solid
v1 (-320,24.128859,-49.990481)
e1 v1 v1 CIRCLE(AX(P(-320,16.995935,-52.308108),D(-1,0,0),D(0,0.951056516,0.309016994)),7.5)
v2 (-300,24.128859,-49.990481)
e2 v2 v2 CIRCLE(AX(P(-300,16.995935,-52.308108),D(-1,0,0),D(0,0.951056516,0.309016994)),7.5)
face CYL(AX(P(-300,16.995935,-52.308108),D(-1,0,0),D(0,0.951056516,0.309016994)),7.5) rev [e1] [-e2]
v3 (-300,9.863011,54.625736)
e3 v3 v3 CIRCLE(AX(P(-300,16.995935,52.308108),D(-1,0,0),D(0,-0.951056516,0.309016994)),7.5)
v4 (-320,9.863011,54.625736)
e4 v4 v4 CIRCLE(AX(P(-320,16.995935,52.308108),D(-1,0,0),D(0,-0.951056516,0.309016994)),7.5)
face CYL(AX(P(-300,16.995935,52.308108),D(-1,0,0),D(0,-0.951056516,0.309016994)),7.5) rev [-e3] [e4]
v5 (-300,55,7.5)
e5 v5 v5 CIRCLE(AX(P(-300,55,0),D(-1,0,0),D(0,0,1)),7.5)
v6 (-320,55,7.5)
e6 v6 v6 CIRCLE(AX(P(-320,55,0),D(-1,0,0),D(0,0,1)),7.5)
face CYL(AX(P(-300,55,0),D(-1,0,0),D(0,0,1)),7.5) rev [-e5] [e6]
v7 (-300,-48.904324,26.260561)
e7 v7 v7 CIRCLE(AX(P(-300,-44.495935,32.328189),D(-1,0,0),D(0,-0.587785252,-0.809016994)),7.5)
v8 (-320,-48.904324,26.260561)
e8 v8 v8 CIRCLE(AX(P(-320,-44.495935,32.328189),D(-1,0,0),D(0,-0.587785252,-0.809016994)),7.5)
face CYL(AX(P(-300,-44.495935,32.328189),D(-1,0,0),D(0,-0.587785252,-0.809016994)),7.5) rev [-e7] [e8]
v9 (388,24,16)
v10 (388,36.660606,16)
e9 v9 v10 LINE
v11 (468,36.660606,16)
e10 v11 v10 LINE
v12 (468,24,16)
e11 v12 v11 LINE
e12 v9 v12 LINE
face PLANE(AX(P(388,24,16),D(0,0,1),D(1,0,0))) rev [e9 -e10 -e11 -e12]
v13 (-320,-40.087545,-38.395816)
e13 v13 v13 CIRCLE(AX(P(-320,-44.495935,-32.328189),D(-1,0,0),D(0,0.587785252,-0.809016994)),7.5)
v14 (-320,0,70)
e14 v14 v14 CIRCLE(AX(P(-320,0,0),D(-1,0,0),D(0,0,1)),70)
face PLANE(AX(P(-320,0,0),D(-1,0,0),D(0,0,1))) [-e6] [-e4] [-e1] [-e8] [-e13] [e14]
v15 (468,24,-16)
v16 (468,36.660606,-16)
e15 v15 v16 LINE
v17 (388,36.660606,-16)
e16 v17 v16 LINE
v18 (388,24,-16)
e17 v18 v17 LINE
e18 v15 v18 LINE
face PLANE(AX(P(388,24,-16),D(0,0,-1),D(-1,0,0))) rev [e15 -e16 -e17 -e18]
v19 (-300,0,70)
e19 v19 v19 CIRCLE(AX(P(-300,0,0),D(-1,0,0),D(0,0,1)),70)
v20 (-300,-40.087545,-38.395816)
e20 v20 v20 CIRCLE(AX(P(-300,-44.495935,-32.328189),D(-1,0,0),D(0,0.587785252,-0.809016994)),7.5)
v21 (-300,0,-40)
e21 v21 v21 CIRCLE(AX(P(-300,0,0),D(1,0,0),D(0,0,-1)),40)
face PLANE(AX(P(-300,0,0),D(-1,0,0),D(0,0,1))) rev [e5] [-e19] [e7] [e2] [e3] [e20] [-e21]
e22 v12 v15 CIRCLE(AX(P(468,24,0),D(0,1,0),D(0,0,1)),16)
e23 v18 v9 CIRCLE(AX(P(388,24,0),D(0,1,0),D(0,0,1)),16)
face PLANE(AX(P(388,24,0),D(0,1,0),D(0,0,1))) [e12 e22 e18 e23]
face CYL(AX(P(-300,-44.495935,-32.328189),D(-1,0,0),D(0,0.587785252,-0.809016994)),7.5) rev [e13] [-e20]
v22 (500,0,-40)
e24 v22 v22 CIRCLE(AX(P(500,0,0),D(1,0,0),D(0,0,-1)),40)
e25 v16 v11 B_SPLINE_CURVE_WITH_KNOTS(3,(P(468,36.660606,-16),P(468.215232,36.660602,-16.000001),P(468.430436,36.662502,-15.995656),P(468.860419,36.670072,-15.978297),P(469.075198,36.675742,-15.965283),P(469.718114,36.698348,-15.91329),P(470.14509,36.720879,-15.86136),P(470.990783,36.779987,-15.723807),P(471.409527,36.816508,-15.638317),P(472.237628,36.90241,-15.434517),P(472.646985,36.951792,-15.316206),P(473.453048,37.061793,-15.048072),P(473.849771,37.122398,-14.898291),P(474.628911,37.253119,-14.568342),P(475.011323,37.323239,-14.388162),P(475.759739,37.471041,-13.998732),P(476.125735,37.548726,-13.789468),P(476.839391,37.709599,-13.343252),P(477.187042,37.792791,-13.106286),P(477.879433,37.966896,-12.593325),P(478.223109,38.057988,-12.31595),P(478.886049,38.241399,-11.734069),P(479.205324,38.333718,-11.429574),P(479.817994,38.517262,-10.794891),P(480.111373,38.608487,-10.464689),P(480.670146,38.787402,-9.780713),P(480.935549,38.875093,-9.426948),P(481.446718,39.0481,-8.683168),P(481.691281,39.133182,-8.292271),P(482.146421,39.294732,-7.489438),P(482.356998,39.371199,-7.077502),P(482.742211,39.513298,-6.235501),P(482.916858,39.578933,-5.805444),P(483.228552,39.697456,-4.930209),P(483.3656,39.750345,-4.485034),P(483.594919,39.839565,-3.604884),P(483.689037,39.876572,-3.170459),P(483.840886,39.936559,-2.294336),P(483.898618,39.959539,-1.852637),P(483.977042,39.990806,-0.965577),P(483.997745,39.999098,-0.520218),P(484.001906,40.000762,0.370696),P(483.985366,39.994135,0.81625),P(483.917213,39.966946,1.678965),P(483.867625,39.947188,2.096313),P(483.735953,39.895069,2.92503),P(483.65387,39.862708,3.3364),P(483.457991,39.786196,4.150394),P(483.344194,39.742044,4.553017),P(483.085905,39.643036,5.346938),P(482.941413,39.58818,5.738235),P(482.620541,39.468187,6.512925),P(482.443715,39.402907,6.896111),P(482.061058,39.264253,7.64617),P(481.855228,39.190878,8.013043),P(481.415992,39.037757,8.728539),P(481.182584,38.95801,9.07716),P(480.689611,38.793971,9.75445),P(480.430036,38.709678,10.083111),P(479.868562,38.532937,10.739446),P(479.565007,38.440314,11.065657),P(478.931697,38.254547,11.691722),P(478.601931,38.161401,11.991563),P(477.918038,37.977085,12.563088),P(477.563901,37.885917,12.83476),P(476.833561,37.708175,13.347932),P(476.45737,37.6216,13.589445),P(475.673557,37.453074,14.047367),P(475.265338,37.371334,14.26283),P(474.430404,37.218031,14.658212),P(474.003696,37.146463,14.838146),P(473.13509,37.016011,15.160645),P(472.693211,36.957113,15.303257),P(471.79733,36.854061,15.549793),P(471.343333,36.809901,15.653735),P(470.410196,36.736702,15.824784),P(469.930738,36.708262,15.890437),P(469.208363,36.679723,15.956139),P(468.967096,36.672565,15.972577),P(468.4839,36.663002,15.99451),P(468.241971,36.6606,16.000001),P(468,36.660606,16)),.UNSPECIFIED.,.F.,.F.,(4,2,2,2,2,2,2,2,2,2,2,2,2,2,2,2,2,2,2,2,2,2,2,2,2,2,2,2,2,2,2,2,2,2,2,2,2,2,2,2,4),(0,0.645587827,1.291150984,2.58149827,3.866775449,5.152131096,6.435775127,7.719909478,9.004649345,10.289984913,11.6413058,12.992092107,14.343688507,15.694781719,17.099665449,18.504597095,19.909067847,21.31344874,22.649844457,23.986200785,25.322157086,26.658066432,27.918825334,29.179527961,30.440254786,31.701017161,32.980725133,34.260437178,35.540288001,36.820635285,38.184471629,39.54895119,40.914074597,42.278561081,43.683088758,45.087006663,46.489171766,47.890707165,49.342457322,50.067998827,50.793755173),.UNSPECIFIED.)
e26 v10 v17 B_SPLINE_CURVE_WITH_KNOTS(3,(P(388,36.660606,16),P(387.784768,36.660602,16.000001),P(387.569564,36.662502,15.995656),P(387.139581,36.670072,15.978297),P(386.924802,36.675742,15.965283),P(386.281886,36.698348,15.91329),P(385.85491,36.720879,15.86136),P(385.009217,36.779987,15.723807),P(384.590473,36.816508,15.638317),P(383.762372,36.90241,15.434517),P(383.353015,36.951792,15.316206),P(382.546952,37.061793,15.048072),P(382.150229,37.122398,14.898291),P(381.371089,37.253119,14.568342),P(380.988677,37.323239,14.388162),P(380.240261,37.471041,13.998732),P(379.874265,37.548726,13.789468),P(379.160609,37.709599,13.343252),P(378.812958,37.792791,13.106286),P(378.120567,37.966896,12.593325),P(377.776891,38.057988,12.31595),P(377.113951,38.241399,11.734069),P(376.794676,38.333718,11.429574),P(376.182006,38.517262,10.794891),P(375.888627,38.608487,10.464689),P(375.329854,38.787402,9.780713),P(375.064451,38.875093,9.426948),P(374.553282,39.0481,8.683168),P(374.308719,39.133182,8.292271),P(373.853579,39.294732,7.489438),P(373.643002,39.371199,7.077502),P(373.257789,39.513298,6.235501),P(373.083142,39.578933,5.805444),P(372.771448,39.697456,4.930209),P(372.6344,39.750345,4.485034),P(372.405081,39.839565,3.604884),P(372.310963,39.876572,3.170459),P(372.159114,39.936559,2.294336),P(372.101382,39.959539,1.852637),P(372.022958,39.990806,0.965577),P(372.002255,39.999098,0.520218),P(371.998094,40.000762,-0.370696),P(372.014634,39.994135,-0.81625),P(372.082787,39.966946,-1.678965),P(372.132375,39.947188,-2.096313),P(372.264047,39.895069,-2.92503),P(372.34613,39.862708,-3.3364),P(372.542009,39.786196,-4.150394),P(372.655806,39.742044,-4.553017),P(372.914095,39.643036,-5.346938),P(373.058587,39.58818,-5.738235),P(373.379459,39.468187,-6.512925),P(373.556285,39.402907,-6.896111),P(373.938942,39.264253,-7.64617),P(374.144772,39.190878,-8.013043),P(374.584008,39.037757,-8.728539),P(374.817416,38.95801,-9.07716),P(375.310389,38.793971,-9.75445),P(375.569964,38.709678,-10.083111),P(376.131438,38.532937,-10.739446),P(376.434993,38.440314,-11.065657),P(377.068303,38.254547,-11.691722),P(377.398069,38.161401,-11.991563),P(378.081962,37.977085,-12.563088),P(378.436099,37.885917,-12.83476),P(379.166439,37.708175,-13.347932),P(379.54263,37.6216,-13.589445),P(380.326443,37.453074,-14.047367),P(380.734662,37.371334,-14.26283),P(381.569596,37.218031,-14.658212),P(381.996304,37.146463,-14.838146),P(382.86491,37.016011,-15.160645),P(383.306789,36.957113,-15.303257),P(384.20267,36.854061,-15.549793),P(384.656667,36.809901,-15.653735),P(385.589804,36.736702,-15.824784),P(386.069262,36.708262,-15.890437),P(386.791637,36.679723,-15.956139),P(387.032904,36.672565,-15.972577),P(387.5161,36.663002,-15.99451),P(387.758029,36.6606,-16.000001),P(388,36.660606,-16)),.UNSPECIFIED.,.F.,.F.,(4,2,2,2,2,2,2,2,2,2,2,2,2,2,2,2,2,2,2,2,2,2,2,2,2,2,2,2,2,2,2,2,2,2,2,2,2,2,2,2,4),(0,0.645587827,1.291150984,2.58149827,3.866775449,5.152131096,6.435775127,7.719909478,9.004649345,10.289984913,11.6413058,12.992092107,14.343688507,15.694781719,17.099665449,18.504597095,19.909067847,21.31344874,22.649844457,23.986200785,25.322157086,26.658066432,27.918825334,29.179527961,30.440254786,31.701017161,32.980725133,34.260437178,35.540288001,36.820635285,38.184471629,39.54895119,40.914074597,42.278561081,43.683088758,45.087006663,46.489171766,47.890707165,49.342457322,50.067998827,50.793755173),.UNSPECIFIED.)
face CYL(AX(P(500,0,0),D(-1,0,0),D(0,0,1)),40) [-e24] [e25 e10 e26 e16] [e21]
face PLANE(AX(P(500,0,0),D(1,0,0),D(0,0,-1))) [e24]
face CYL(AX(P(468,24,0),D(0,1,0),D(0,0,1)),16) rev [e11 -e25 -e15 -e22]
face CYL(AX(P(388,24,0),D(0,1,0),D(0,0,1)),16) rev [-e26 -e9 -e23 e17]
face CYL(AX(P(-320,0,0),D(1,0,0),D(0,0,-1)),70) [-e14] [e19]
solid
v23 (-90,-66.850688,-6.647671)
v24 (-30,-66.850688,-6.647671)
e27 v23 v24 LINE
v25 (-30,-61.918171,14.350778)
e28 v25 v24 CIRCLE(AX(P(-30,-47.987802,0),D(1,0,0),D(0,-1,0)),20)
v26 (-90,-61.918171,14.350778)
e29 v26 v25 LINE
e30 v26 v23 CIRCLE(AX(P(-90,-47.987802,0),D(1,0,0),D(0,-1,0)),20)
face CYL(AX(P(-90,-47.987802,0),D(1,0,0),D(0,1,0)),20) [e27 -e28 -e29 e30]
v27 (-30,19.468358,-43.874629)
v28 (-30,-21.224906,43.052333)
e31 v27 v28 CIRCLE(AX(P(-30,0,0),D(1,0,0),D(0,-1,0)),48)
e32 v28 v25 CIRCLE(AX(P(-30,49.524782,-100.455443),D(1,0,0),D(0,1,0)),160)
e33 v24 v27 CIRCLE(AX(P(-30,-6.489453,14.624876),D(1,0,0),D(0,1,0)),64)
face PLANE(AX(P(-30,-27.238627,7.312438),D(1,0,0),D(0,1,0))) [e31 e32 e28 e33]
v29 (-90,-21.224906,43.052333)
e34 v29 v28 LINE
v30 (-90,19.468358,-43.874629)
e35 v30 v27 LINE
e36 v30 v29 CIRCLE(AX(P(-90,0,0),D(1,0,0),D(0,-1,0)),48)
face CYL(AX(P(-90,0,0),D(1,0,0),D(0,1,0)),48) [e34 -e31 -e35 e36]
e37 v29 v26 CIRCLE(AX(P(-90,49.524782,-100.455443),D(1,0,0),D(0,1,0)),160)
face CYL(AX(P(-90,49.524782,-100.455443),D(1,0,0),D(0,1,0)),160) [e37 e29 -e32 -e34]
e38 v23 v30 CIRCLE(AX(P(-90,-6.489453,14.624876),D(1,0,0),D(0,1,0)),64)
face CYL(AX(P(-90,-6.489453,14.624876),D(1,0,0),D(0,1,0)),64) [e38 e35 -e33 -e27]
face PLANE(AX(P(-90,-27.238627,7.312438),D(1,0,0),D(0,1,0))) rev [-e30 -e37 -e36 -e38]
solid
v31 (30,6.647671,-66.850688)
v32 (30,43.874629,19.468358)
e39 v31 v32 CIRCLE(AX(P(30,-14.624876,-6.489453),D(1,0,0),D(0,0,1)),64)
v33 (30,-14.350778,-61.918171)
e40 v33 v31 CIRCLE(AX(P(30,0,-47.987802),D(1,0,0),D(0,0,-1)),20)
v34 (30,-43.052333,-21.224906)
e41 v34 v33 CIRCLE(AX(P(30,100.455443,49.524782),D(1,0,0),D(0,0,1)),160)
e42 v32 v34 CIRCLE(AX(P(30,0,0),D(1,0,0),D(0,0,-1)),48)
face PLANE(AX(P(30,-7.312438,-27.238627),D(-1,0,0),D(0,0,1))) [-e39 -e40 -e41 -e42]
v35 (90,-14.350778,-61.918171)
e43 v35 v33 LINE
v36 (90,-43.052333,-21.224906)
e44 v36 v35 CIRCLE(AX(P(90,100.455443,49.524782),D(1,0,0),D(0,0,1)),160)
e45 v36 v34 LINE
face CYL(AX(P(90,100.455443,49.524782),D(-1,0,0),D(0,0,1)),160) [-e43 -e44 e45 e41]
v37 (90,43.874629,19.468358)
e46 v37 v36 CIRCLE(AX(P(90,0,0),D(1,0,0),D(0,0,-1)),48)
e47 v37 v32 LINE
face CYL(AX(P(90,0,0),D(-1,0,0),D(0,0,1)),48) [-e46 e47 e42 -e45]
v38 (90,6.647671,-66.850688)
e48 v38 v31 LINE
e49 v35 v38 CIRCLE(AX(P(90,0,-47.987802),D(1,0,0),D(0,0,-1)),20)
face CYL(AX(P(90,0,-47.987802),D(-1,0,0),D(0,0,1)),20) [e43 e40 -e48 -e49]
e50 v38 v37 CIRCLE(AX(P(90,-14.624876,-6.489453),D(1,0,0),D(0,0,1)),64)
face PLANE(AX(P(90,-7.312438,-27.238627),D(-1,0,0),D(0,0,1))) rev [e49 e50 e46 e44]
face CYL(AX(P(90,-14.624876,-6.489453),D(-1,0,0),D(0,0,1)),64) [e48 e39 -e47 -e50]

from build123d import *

# Parameters (mm, degrees)
BOSS_EXTRUDE1_DEPTH      = 500
BOSS_EXTRUDE1_DEPTH_BACK = 300
SKETCH1_R                = 40
BOSS_EXTRUDE2_START      = 60
BOSS_EXTRUDE2_DEPTH      = 30
BODY_MOVE_COPY1_ANGLE    = 90
CUT_EXTRUDE1_DEPTH       = 16
SKETCH5_R                = 70
BOSS_EXTRUDE3_DEPTH      = 20
SKETCH6_R                = 7.5
CUT_EXTRUDE2_DEPTH       = 20
CIRPATTERN1_COUNT        = 5


with BuildPart() as part:
    # Sketch1 → Boss-Extrude1 (new, two sides: drawn at the far end of the back side and taken through both)
    with BuildSketch(Plane(origin=(0, 0, 0), x_dir=(0, 0, -1), z_dir=(1, 0, 0)).offset(-BOSS_EXTRUDE1_DEPTH_BACK)):
        Circle(SKETCH1_R)
    extrude(amount=BOSS_EXTRUDE1_DEPTH + BOSS_EXTRUDE1_DEPTH_BACK)

    # Sketch4 → Cut-Extrude1 (cut)
    with BuildSketch(Plane(origin=(0, 40, 0), x_dir=(1, 0, 0), z_dir=(0, 1, 0))):
        with BuildLine():
            Line((388, 16), (468, 16))
            ThreePointArc((468, 16), (484, 0), (468, -16))
            Line((468, -16), (388, -16))
            ThreePointArc((388, -16), (372, 0), (388, 16))
        make_face()
    extrude(amount=-CUT_EXTRUDE1_DEPTH, mode=Mode.SUBTRACT)

    # Sketch5 → Boss-Extrude3 (add)
    with BuildSketch(Plane.ZY.offset(300)):
        Circle(SKETCH5_R)
    extrude(amount=BOSS_EXTRUDE3_DEPTH)

    # Sketch6 → Cut-Extrude2 (cut)
    with BuildSketch(Plane.ZY.offset(320)):
        with Locations((0, 55)):
            Circle(SKETCH6_R)
    cut_extrude2 = extrude(amount=-CUT_EXTRUDE2_DEPTH, mode=Mode.SUBTRACT)

    # CirPattern1: Cut-Extrude2 ×5 about axis
    cirpattern1_axis = Axis((0, 0, 0), (1, 0, 0))
    for i in range(1, CIRPATTERN1_COUNT):
        add(cut_extrude2.rotate(cirpattern1_axis, i * 360 / CIRPATTERN1_COUNT), mode=Mode.SUBTRACT)


with BuildPart() as body_2:
    # Sketch2 → Boss-Extrude2 (new, symmetric)
    with BuildSketch(Plane(origin=(0, 0, 0), x_dir=(0, 0, -1), z_dir=(1, 0, 0)).offset(BOSS_EXTRUDE2_START)):
        with BuildLine():
            ThreePointArc((-19.468358274, 43.874628501), (-43.472353382, -20.350786015), (21.224906467, -43.052332637))
            ThreePointArc((21.224906467, -43.052332637), (42.694979911, -30.29437767), (61.918171208, -14.350777546))
            ThreePointArc((61.918171208, -14.350777546), (67.457858752, -4.573499044), (66.850688147, 6.647670985))
            ThreePointArc((66.850688147, 6.647670985), (31.834284447, 44.142797827), (-19.468358274, 43.874628501))
        make_face()
    extrude(amount=BOSS_EXTRUDE2_DEPTH, both=True)


with BuildPart() as body_3:
    # Mirror3: mirrored copy
    add(body_2.part.mirror(Plane(origin=(0, 0, 0), x_dir=(0, 0, 1), z_dir=(1, 0, 0))))


with BuildPart() as body_3_1:
    # Body-Move/Copy1: moved
    add(body_3.part.rotate(Axis((0, 0, 0), (-1, 0, 0)), BODY_MOVE_COPY1_ANGLE))


solid = Compound([part.part, body_2.part, body_3_1.part])
